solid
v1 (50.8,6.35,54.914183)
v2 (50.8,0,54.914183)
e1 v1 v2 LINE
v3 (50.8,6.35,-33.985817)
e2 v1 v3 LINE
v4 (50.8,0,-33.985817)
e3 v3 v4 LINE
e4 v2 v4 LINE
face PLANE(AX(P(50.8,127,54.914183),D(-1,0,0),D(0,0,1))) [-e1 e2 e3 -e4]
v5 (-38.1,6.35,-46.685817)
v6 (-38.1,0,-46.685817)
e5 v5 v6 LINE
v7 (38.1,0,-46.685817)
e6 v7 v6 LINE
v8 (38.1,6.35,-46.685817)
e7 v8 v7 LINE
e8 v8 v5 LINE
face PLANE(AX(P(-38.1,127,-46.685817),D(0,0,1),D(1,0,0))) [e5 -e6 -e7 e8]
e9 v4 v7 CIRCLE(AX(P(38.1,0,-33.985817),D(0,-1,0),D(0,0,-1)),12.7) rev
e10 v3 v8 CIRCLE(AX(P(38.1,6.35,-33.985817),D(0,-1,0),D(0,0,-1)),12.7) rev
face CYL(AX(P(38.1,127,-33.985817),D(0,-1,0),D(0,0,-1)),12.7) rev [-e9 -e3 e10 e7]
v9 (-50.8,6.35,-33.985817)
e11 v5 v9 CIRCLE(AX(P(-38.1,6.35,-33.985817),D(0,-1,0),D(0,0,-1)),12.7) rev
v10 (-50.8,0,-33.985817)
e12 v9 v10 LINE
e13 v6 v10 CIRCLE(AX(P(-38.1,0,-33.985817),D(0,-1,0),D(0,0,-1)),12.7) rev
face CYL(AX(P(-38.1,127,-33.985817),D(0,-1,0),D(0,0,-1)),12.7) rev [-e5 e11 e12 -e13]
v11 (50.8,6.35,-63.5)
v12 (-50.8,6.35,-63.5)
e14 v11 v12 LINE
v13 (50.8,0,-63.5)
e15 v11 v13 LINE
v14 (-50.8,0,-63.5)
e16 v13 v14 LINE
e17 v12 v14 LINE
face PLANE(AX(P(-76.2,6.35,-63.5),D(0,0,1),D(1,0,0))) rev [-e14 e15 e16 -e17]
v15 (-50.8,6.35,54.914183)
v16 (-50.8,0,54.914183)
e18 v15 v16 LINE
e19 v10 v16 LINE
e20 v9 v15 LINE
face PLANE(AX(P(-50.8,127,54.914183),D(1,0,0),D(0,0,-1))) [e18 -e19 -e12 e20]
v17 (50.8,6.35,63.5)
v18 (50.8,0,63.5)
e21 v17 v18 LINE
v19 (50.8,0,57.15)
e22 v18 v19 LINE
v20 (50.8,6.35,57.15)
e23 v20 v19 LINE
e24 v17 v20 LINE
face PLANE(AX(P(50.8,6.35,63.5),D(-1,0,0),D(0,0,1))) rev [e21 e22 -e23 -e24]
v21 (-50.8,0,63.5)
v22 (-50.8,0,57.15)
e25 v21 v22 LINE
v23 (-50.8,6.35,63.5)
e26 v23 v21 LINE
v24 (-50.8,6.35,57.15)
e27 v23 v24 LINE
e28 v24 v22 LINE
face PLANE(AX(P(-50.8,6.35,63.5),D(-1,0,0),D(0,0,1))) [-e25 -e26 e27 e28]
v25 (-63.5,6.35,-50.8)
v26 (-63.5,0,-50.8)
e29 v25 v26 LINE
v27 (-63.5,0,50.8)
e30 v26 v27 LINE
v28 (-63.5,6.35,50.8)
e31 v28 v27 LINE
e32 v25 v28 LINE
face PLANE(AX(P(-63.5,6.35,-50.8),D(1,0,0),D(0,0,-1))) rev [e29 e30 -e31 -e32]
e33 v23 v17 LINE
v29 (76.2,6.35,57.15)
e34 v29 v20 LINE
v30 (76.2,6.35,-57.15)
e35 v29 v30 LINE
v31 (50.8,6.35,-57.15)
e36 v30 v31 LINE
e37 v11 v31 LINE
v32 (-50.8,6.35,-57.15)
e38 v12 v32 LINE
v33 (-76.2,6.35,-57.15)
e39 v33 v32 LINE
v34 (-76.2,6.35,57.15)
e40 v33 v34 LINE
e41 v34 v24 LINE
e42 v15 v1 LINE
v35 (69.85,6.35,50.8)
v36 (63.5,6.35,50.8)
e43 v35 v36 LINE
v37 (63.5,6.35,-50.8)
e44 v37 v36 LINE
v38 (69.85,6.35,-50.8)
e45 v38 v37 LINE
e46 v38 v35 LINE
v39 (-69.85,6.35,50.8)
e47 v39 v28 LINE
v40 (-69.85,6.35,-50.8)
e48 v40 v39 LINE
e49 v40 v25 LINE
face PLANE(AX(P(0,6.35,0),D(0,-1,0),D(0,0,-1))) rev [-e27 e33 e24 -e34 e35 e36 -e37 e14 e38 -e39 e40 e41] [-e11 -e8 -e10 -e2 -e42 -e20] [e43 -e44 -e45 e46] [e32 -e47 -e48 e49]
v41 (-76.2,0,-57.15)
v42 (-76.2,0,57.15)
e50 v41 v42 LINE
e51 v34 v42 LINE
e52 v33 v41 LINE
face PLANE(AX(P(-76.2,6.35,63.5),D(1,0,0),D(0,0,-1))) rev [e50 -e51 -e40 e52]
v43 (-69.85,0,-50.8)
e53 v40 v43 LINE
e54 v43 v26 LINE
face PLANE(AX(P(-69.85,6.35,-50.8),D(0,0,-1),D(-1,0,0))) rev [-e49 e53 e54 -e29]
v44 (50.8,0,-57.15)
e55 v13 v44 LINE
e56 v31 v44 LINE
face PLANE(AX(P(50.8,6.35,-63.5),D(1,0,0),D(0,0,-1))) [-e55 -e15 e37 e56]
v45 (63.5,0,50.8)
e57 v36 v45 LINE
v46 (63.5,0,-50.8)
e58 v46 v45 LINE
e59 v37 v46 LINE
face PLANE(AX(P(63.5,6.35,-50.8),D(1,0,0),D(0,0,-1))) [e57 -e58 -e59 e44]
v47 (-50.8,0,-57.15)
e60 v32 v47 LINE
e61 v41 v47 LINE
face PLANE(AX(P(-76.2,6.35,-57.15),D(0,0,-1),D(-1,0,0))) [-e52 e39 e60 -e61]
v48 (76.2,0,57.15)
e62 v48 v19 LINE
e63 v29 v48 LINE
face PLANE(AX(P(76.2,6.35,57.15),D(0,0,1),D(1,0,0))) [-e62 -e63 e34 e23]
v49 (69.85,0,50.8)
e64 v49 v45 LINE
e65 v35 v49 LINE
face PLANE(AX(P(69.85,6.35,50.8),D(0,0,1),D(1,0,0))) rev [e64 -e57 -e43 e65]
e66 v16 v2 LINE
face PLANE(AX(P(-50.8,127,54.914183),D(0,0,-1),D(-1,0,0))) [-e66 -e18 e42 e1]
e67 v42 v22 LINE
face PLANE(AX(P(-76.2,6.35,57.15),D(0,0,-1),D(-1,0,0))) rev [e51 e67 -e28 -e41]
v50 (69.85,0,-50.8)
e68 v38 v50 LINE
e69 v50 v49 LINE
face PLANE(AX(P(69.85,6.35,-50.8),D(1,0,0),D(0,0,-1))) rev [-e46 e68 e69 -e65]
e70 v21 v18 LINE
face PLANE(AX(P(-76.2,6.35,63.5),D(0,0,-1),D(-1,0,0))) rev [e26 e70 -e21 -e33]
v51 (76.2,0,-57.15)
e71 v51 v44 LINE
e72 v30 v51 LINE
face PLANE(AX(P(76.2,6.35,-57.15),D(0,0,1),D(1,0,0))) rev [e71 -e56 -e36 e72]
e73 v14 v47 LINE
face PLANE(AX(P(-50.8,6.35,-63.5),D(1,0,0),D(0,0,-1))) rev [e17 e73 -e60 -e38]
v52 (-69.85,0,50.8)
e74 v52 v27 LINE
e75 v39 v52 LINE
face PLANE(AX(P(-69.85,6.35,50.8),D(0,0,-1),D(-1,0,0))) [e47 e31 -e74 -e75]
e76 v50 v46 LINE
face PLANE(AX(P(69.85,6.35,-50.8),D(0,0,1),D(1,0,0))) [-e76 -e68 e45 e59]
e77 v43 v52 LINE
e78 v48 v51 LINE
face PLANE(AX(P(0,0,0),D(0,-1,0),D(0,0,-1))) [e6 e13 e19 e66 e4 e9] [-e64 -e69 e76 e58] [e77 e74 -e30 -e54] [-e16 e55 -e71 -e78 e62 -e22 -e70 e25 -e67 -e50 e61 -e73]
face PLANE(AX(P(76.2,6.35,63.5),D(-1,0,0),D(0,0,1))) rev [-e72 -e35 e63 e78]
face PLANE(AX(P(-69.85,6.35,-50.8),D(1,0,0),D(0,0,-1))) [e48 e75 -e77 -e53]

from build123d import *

# Parameters (mm, degrees)
SKETCH1_W               = 152.4
SKETCH1_H               = 127
BOSS_EXTRUDE1_DEPTH     = 6.35
SKETCH2_W               = 25.4
SKETCH2_H               = 6.35
SKETCH2_W_2             = 6.35
SKETCH2_H_2             = 101.6
CUT_EXTRUDE1_DEPTH      = 7.35
CUT_EXTRUDE1_DEPTH_BACK = 6.35
CUT_EXTRUDE2_DEPTH      = 127
CUT_EXTRUDE2_DEPTH_BACK = 127


with BuildPart() as part:
    # Sketch1 → Boss-Extrude1 (new body)
    with BuildSketch(Plane(origin=(0, 0, 0), x_dir=(1, 0, 0), z_dir=(0, 1, 0))):
        Rectangle(SKETCH1_W, SKETCH1_H)
    extrude(amount=BOSS_EXTRUDE1_DEPTH)

    # Sketch2 → Cut-Extrude1 (cut, two sides)
    with BuildSketch(Plane(origin=(0, 0, 0), x_dir=(1, 0, 0), z_dir=(0, 1, 0))) as cut_extrude1_sk:
        with Locations((-63.5, 60.325)):
            Rectangle(SKETCH2_W, SKETCH2_H)
        with Locations((-63.5, -60.325)):
            Rectangle(SKETCH2_W, SKETCH2_H)
        with Locations((63.5, -60.325)):
            Rectangle(SKETCH2_W, SKETCH2_H)
        with Locations((63.5, 60.325)):
            Rectangle(SKETCH2_W, SKETCH2_H)
        with Locations((66.675, 0)):
            Rectangle(SKETCH2_W_2, SKETCH2_H_2)
        with Locations((-66.675, 0)):
            Rectangle(SKETCH2_W_2, SKETCH2_H_2)
    extrude(amount=CUT_EXTRUDE1_DEPTH, mode=Mode.SUBTRACT)
    extrude(cut_extrude1_sk.sketch, amount=-CUT_EXTRUDE1_DEPTH_BACK, mode=Mode.SUBTRACT)

    # Sketch3 → Cut-Extrude2 (cut, two sides)
    with BuildSketch(Plane(origin=(0, 0, 0), x_dir=(1, 0, 0), z_dir=(0, 1, 0))) as cut_extrude2_sk:
        with BuildLine():
            Line((-50.8, -54.914183245), (50.8, -54.914183245))
            Line((50.8, -54.914183245), (50.8, 33.985816755))
            ThreePointArc((50.8, 33.985816755), (47.080256121, 42.966072876), (38.1, 46.685816755))
            Line((38.1, 46.685816755), (-38.1, 46.685816755))
            ThreePointArc((-38.1, 46.685816755), (-47.080256121, 42.966072876), (-50.8, 33.985816755))
            Line((-50.8, 33.985816755), (-50.8, -54.914183245))
        make_face()
    extrude(amount=CUT_EXTRUDE2_DEPTH, mode=Mode.SUBTRACT)
    extrude(cut_extrude2_sk.sketch, amount=-CUT_EXTRUDE2_DEPTH_BACK, mode=Mode.SUBTRACT)


solid = part.part
